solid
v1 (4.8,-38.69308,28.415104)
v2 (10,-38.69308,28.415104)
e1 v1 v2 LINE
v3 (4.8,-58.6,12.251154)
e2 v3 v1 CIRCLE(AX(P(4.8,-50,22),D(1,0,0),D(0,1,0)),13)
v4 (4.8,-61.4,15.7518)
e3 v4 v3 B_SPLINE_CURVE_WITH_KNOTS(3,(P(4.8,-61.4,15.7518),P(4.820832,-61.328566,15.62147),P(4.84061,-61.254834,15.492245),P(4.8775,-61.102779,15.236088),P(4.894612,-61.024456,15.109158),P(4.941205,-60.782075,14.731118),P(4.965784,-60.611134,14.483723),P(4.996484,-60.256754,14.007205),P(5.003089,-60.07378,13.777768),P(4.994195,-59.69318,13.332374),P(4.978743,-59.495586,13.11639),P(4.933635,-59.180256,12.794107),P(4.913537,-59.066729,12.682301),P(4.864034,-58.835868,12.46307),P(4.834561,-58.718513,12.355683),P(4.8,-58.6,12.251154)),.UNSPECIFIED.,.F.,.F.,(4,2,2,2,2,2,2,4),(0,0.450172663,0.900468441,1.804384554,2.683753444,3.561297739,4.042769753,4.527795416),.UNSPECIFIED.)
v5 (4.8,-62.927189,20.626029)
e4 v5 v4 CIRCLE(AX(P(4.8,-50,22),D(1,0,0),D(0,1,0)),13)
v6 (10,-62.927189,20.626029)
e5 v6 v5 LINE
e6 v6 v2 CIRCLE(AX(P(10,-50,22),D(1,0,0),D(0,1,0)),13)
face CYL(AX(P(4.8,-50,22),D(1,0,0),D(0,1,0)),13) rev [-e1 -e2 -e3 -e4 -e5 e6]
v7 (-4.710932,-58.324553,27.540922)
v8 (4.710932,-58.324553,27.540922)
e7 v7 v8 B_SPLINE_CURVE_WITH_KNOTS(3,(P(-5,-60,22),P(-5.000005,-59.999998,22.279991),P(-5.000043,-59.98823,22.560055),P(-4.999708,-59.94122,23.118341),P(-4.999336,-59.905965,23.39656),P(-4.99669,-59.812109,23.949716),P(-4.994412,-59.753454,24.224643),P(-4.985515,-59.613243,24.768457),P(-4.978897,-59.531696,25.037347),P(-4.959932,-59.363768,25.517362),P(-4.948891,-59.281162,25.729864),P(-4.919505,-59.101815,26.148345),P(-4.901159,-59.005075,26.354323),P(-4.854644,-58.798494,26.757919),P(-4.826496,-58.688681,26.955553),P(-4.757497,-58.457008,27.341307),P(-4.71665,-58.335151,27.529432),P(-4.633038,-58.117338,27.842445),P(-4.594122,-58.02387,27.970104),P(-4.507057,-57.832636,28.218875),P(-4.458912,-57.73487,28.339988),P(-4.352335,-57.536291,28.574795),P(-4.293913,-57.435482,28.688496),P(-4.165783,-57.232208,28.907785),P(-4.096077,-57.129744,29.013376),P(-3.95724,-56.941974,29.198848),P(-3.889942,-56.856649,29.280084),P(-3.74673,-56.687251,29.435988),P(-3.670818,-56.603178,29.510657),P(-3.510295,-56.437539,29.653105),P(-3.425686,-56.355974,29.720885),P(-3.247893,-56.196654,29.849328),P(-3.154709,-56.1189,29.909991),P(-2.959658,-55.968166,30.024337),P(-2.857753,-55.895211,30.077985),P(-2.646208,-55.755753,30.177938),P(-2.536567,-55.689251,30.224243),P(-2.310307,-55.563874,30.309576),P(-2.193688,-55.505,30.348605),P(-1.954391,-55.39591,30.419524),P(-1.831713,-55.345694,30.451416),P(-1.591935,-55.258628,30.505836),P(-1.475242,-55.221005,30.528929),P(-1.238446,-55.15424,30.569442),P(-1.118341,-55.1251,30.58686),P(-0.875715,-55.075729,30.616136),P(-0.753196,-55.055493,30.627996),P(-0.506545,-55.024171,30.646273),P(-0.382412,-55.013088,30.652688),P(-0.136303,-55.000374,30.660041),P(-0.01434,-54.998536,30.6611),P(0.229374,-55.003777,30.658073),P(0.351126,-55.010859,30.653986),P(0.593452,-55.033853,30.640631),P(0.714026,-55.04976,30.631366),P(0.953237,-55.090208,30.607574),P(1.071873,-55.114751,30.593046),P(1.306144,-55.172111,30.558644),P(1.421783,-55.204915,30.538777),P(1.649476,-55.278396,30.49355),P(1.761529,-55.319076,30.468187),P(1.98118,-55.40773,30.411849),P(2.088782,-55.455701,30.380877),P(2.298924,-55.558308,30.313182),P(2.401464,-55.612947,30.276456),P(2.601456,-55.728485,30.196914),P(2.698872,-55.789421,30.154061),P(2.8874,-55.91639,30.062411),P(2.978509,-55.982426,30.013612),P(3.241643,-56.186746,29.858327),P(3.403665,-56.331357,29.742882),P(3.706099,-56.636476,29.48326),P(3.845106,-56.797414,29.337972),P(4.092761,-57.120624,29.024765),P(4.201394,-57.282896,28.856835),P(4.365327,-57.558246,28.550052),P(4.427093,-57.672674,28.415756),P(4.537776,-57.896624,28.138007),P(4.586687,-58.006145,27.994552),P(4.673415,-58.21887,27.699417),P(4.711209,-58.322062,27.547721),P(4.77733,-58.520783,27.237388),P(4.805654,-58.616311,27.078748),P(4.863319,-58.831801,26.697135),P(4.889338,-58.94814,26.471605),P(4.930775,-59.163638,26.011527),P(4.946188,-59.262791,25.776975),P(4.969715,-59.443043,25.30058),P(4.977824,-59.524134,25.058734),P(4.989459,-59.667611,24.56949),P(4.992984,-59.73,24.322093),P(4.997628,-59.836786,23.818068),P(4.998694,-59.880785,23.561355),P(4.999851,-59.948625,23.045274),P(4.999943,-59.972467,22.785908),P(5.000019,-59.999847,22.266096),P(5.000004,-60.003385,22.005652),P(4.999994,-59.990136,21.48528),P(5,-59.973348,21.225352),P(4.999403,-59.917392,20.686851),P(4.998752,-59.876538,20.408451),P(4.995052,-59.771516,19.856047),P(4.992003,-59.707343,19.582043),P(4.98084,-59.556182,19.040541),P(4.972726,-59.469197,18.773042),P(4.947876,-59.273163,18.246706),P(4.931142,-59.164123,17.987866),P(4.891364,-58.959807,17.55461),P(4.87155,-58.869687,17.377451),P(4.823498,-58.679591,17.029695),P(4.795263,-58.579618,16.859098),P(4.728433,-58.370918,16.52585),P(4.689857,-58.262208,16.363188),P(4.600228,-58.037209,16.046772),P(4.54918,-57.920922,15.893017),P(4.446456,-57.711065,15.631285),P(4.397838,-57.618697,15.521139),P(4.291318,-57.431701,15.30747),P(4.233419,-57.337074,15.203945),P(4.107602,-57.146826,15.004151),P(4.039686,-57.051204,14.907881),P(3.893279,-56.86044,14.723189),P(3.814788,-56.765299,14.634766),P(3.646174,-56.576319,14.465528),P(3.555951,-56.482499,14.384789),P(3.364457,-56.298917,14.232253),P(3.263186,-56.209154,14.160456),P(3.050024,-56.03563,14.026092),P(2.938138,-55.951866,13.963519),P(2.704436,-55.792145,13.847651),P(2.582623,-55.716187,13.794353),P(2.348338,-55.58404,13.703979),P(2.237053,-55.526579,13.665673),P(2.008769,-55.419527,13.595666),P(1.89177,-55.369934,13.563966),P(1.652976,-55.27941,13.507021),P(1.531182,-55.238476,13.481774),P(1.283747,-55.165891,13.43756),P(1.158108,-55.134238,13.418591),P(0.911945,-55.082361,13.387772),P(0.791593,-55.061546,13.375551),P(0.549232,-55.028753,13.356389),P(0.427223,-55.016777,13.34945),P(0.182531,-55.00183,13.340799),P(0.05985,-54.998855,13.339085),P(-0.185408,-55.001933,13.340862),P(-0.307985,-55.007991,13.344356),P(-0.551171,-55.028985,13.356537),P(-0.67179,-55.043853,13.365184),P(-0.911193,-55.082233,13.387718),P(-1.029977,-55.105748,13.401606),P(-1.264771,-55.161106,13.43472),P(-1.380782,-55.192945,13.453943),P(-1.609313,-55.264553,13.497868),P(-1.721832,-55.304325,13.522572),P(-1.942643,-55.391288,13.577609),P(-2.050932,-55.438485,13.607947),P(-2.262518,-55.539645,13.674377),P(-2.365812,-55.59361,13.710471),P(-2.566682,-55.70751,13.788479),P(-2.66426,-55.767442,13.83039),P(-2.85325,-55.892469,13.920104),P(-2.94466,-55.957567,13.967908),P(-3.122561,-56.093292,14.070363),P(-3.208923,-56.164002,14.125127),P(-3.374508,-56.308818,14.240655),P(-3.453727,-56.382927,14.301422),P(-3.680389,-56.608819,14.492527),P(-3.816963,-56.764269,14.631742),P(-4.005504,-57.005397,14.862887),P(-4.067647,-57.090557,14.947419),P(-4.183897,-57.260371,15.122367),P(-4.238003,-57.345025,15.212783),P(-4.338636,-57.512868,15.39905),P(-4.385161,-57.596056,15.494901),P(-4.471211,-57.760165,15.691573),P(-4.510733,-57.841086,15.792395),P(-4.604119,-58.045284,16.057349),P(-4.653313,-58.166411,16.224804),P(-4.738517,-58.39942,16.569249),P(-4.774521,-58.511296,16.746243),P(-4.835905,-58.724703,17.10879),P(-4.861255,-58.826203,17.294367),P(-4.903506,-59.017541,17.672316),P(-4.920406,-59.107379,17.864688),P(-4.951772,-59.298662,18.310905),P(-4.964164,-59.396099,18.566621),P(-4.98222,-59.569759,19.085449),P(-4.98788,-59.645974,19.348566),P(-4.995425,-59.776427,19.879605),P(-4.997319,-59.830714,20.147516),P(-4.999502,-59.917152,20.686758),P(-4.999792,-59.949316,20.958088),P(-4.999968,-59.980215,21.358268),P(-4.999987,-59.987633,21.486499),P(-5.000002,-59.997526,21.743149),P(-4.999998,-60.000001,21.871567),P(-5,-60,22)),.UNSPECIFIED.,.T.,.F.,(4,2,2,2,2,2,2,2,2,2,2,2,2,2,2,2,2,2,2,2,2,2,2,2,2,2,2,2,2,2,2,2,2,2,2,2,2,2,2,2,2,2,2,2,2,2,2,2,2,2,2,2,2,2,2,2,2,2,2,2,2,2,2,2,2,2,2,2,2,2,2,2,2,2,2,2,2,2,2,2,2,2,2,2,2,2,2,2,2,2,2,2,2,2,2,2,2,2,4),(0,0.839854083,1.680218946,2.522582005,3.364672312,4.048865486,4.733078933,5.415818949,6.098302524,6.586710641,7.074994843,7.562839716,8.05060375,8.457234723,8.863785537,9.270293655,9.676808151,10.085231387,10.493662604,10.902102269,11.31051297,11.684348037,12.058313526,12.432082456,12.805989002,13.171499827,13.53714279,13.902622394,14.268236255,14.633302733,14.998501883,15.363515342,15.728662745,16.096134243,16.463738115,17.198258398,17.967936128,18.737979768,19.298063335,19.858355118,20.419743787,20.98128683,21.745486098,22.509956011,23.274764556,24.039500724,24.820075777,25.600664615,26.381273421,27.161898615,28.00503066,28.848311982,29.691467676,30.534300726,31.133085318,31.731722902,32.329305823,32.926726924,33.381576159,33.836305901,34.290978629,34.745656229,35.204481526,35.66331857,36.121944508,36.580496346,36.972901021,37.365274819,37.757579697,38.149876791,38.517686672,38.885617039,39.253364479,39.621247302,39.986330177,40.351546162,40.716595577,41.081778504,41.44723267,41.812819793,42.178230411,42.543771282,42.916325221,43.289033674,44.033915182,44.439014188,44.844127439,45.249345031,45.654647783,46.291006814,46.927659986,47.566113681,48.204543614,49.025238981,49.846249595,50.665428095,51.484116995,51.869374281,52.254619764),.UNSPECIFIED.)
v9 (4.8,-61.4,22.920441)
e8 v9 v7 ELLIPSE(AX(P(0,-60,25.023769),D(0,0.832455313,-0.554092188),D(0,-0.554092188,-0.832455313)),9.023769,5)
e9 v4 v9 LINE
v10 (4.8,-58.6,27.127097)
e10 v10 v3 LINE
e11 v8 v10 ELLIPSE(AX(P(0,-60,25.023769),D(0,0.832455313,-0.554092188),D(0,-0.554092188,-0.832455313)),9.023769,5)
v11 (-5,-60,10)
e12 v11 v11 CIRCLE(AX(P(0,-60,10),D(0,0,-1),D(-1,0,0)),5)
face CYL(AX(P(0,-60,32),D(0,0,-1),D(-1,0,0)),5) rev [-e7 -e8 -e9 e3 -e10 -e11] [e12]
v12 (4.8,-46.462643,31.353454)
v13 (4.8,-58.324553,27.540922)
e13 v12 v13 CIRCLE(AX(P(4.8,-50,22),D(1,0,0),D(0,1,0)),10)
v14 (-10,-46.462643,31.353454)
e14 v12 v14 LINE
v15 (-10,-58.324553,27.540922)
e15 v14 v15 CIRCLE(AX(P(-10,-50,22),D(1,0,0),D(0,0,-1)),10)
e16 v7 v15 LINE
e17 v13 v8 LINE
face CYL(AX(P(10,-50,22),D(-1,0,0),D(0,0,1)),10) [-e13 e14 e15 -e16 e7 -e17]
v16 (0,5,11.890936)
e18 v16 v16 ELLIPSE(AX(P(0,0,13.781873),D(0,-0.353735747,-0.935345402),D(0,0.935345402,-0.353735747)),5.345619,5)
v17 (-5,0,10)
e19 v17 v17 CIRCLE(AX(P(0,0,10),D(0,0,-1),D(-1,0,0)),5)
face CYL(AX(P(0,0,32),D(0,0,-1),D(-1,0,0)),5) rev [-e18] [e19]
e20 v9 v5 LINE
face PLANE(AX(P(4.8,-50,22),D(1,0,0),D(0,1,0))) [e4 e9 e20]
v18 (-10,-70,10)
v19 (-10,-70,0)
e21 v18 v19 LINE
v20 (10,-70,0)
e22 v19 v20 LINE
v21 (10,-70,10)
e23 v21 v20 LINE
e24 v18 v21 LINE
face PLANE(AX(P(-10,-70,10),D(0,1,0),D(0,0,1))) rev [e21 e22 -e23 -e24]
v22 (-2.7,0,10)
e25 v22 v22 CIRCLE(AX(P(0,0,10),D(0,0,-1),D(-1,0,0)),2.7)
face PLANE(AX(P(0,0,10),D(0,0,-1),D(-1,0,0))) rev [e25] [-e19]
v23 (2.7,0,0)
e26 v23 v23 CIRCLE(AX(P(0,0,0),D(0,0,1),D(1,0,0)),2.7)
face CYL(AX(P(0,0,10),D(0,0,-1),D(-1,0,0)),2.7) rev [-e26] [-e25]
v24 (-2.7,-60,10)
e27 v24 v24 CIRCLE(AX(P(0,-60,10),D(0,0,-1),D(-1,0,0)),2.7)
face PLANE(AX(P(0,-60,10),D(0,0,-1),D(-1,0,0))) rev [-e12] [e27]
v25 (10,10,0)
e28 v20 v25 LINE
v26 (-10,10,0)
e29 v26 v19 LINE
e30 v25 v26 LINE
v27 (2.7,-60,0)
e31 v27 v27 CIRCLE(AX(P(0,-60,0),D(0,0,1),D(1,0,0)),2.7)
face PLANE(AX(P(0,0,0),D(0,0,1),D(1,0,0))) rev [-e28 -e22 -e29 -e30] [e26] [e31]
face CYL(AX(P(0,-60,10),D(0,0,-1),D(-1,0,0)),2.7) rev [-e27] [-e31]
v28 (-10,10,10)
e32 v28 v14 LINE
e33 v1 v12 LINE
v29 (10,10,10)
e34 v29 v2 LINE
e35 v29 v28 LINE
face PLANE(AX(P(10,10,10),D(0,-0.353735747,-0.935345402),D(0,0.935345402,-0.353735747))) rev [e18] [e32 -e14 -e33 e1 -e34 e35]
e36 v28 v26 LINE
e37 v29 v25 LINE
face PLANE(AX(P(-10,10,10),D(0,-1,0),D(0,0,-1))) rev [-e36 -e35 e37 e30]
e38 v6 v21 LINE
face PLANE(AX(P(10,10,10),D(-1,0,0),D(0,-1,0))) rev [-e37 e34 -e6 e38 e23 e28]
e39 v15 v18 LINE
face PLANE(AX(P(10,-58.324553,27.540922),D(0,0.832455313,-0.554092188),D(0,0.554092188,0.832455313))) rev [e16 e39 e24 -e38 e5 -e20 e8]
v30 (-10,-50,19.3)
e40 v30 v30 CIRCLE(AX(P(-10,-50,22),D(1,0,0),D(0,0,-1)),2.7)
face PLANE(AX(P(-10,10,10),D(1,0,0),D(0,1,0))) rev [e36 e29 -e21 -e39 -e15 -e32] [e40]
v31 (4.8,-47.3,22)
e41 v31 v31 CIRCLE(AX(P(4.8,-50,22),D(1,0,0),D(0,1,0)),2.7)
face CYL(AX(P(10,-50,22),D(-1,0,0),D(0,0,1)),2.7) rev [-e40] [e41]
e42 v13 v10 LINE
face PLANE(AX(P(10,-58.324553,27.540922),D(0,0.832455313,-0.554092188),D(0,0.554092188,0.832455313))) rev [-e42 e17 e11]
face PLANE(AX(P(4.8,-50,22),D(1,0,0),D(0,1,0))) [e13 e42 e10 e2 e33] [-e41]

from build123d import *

# Parameters (mm, degrees)
SKETCH1_W           = 20
SKETCH1_H           = 80
SKETCH1_R           = 2.7
BOSS_EXTRUDE1_DEPTH = 10
SKETCH2_R           = 2.7
BOSS_EXTRUDE2_DEPTH = 10
SKETCH3_R           = 5
CUT_EXTRUDE1_DEPTH  = 23
SKETCH4_R           = 13
CUT_EXTRUDE2_DEPTH  = 5.2


with BuildPart() as part:
    # Sketch1 → Boss-Extrude1 (new body)
    with BuildSketch(Plane.XY):
        with Locations((0, -30)):
            Rectangle(SKETCH1_W, SKETCH1_H)
        Circle(SKETCH1_R, mode=Mode.SUBTRACT)
        with Locations((0, -60)):
            Circle(SKETCH1_R, mode=Mode.SUBTRACT)
    extrude(amount=BOSS_EXTRUDE1_DEPTH)

    # Sketch2 → Boss-Extrude2 (add, symmetric)
    with BuildSketch(Plane(origin=(0, 0, 0), x_dir=(0, 0, -1), z_dir=(1, 0, 0))):
        with BuildLine():
            Line((-10, 10), (-31.353454021, -46.462642529))
            ThreePointArc((-31.353454021, -46.462642529), (-31.520338182, -53.05992825), (-27.540921877, -58.324553126))
            Line((-27.540921877, -58.324553126), (-10, -70))
            Line((-10, -70), (-10, 10))
        make_face()
        with Locations((-22, -50)):
            Circle(SKETCH2_R, mode=Mode.SUBTRACT)
    extrude(amount=BOSS_EXTRUDE2_DEPTH, both=True)

    # Sketch3 → Cut-Extrude1 (cut, through all)
    with BuildSketch(Plane(origin=(0, 0, 10), x_dir=(-1, 0, 0), z_dir=(0, 0, -1))):
        with Locations((0, -60)):
            Circle(SKETCH3_R)
        Circle(SKETCH3_R)
    extrude(amount=-CUT_EXTRUDE1_DEPTH, mode=Mode.SUBTRACT)

    # Sketch4 → Cut-Extrude2 (cut)
    with BuildSketch(Plane(origin=(10, 0, 0), x_dir=(0, 0, -1), z_dir=(1, 0, 0))):
        with Locations((-22, -50)):
            Circle(SKETCH4_R)
    extrude(amount=-CUT_EXTRUDE2_DEPTH, mode=Mode.SUBTRACT)


solid = part.part
